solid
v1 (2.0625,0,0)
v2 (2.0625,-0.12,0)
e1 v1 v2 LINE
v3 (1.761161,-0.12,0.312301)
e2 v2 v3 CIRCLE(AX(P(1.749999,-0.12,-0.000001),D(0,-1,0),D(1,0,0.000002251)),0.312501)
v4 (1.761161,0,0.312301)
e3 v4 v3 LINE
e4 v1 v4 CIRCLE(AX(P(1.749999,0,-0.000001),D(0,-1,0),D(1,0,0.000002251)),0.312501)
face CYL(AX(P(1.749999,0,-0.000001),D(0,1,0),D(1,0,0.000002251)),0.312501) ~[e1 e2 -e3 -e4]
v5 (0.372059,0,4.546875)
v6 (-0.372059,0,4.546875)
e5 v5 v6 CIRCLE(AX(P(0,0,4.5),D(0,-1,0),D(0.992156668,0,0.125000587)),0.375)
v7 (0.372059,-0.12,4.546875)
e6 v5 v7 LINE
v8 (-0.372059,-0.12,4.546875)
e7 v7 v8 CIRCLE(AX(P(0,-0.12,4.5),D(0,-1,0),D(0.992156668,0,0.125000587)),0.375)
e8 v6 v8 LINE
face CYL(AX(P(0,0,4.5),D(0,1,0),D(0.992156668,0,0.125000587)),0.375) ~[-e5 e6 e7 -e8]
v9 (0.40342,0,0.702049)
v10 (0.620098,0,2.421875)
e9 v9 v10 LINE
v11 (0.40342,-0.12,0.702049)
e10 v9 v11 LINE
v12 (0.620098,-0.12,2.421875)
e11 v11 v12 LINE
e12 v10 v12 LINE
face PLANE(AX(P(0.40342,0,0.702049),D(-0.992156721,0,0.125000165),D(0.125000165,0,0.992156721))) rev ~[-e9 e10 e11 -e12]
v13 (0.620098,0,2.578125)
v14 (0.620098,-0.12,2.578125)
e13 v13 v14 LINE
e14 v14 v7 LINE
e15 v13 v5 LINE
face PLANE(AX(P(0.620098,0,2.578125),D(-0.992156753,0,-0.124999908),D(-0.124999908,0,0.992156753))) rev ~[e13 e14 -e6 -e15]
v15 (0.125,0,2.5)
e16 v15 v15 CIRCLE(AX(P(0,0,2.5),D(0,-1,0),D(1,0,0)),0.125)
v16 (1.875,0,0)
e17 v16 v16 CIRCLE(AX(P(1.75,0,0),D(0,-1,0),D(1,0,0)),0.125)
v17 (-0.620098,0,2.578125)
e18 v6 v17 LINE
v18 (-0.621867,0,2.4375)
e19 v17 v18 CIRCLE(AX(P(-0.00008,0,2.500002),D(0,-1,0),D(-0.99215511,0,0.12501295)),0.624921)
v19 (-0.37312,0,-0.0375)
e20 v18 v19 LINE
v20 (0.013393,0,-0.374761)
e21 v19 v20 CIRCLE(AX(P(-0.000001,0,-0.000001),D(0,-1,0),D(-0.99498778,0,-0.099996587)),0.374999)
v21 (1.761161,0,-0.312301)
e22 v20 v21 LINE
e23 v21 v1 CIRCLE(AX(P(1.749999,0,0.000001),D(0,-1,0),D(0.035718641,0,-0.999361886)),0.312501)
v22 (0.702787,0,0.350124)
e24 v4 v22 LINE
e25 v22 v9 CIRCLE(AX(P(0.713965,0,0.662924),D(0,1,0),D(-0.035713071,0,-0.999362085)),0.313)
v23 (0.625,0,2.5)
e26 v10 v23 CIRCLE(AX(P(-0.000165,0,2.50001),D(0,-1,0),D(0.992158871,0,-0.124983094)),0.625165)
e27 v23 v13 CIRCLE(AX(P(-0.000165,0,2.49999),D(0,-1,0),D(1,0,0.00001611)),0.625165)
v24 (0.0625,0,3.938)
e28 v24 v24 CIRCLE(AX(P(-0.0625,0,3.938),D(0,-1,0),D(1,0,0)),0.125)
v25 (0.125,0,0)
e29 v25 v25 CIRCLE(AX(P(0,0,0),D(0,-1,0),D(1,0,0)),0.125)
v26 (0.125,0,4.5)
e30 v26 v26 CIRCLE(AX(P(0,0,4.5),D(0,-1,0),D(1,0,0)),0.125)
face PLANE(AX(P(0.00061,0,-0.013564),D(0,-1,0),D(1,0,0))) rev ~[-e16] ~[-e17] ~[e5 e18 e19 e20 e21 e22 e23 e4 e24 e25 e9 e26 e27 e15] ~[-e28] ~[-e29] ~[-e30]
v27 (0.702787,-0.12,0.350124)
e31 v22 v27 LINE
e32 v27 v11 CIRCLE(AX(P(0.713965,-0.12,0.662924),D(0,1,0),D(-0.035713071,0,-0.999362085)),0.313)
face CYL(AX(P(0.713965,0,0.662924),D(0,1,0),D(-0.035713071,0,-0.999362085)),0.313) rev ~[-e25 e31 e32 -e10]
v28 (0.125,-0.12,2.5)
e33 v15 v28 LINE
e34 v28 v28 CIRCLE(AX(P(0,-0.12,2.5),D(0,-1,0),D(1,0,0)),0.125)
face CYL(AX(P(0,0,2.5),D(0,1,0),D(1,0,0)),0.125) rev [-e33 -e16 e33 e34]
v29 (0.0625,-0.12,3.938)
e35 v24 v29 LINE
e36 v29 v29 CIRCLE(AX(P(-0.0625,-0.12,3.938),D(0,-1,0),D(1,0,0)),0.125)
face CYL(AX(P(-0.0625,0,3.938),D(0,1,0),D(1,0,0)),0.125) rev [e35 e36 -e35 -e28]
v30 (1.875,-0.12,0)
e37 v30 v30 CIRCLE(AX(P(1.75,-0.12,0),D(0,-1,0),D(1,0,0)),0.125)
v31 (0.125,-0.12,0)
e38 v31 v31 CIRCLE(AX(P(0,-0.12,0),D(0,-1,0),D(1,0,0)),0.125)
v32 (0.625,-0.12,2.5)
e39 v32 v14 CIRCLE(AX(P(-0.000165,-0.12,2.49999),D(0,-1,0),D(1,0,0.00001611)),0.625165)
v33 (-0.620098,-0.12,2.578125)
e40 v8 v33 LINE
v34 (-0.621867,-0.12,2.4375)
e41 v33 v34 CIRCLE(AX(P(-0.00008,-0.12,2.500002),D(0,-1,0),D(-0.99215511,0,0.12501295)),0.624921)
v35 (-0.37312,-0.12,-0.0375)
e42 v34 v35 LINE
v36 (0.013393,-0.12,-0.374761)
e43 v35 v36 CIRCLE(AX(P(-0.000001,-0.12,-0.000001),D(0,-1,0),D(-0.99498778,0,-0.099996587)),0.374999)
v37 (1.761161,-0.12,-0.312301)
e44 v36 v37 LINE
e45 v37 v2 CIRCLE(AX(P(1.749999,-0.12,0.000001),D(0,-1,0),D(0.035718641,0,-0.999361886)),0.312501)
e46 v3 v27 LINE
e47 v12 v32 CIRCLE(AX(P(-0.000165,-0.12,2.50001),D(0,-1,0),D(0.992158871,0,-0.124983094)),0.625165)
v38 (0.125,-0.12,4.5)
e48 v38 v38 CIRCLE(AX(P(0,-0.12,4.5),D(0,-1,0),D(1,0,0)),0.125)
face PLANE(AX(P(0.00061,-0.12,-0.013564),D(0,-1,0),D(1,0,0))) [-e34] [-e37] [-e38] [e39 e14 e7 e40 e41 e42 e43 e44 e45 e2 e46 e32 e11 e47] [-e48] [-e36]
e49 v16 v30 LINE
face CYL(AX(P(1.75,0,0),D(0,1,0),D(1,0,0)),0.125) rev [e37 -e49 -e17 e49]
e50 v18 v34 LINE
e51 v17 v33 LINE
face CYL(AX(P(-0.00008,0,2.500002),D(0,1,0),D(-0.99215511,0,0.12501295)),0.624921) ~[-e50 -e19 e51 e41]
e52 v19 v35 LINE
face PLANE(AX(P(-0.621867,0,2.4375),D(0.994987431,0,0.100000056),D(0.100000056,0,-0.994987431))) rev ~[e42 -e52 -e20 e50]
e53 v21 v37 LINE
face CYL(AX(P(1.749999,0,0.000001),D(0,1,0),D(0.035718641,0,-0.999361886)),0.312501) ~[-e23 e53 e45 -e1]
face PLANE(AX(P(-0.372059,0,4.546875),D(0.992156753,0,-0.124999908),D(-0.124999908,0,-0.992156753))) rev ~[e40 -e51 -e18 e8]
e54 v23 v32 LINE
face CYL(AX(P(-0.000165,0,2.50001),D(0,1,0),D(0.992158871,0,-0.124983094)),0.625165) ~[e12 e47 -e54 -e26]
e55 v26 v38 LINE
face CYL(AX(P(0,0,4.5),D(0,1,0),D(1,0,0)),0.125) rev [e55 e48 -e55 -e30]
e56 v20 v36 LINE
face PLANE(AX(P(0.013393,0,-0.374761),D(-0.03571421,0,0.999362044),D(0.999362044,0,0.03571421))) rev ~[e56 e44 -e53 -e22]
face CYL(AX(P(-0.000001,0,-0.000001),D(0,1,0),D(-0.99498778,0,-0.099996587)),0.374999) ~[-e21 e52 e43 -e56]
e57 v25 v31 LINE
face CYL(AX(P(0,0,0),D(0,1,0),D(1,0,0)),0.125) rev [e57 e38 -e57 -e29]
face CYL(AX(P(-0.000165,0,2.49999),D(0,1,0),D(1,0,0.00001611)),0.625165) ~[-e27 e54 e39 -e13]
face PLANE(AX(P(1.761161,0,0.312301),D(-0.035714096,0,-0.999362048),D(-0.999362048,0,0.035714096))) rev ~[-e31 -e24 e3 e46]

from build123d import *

# Parameters (mm, degrees)
F0_R     = 0.125
F1_DEPTH = 0.12


with BuildPart() as f1:
    # F0 (on Front) → F1 (new body)
    with BuildSketch(Plane.XZ):
        with BuildLine():
            ThreePointArc((0.013393, -0.374761), (0.269859, -0.260387), (0.375, 0))
            ThreePointArc((0.375, 0), (-0.018774, 0.37453), (-0.37312, -0.0375))
            ThreePointArc((-0.37312, -0.0375), (-0.246551, -0.282556), (0.013393, -0.374761))
        make_face()
        Circle(F0_R, mode=Mode.SUBTRACT)
        with BuildLine():
            ThreePointArc((-0.37312, -0.0375), (-0.018774, 0.37453), (0.375, 0))
            ThreePointArc((0.375, 0), (0.269859, -0.260387), (0.013393, -0.374761))
            Line((0.013393, -0.374761), (1.761161, -0.312301))
            ThreePointArc((1.761161, -0.312301), (1.4375, 0), (1.761161, 0.312301))
            Line((1.761161, 0.312301), (0.702787, 0.350124))
            ThreePointArc((0.702787, 0.350124), (0.475555, 0.46012), (0.40342, 0.702049))
            Line((0.40342, 0.702049), (0.620098, 2.421875))
            ThreePointArc((0.620098, 2.421875), (-0.007862, 1.875049), (-0.621867, 2.4375))
            Line((-0.621867, 2.4375), (-0.37312, -0.0375))
        make_face()
        with BuildLine():
            ThreePointArc((-0.620098, 2.578125), (-0.624951, 2.507862), (-0.621867, 2.4375))
            ThreePointArc((-0.621867, 2.4375), (-0.007862, 1.875049), (0.620098, 2.421875))
            ThreePointArc((0.620098, 2.421875), (0.623773, 2.460861), (0.625, 2.5))
            ThreePointArc((0.625, 2.5), (0.623773, 2.539139), (0.620098, 2.578125))
            ThreePointArc((0.620098, 2.578125), (0, 3.125), (-0.620098, 2.578125))
        make_face()
        with Locations((0, 2.5)):
            Circle(F0_R, mode=Mode.SUBTRACT)
        with BuildLine():
            ThreePointArc((1.761161, 0.312301), (1.4375, 0), (1.761161, -0.312301))
            ThreePointArc((1.761161, -0.312301), (1.974882, -0.216989), (2.0625, 0))
            ThreePointArc((2.0625, 0), (1.974882, 0.216989), (1.761161, 0.312301))
        make_face()
        with Locations((1.75, 0)):
            Circle(F0_R, mode=Mode.SUBTRACT)
        with BuildLine():
            Line((-0.372059, 4.546875), (-0.620098, 2.578125))
            ThreePointArc((-0.620098, 2.578125), (0, 3.125), (0.620098, 2.578125))
            Line((0.620098, 2.578125), (0.372059, 4.546875))
            ThreePointArc((0.372059, 4.546875), (0.374264, 4.523484), (0.375, 4.5))
            ThreePointArc((0.375, 4.5), (-0.023484, 4.125736), (-0.372059, 4.546875))
        make_face()
        with Locations((-0.0625, 3.938)):
            Circle(F0_R, mode=Mode.SUBTRACT)
        with BuildLine():
            ThreePointArc((0.372059, 4.546875), (0, 4.875), (-0.372059, 4.546875))
            ThreePointArc((-0.372059, 4.546875), (-0.023484, 4.125736), (0.375, 4.5))
            ThreePointArc((0.375, 4.5), (0.374264, 4.523484), (0.372059, 4.546875))
        make_face()
        with Locations((0, 4.5)):
            Circle(F0_R, mode=Mode.SUBTRACT)
    extrude(amount=F1_DEPTH)


solid = f1.part
